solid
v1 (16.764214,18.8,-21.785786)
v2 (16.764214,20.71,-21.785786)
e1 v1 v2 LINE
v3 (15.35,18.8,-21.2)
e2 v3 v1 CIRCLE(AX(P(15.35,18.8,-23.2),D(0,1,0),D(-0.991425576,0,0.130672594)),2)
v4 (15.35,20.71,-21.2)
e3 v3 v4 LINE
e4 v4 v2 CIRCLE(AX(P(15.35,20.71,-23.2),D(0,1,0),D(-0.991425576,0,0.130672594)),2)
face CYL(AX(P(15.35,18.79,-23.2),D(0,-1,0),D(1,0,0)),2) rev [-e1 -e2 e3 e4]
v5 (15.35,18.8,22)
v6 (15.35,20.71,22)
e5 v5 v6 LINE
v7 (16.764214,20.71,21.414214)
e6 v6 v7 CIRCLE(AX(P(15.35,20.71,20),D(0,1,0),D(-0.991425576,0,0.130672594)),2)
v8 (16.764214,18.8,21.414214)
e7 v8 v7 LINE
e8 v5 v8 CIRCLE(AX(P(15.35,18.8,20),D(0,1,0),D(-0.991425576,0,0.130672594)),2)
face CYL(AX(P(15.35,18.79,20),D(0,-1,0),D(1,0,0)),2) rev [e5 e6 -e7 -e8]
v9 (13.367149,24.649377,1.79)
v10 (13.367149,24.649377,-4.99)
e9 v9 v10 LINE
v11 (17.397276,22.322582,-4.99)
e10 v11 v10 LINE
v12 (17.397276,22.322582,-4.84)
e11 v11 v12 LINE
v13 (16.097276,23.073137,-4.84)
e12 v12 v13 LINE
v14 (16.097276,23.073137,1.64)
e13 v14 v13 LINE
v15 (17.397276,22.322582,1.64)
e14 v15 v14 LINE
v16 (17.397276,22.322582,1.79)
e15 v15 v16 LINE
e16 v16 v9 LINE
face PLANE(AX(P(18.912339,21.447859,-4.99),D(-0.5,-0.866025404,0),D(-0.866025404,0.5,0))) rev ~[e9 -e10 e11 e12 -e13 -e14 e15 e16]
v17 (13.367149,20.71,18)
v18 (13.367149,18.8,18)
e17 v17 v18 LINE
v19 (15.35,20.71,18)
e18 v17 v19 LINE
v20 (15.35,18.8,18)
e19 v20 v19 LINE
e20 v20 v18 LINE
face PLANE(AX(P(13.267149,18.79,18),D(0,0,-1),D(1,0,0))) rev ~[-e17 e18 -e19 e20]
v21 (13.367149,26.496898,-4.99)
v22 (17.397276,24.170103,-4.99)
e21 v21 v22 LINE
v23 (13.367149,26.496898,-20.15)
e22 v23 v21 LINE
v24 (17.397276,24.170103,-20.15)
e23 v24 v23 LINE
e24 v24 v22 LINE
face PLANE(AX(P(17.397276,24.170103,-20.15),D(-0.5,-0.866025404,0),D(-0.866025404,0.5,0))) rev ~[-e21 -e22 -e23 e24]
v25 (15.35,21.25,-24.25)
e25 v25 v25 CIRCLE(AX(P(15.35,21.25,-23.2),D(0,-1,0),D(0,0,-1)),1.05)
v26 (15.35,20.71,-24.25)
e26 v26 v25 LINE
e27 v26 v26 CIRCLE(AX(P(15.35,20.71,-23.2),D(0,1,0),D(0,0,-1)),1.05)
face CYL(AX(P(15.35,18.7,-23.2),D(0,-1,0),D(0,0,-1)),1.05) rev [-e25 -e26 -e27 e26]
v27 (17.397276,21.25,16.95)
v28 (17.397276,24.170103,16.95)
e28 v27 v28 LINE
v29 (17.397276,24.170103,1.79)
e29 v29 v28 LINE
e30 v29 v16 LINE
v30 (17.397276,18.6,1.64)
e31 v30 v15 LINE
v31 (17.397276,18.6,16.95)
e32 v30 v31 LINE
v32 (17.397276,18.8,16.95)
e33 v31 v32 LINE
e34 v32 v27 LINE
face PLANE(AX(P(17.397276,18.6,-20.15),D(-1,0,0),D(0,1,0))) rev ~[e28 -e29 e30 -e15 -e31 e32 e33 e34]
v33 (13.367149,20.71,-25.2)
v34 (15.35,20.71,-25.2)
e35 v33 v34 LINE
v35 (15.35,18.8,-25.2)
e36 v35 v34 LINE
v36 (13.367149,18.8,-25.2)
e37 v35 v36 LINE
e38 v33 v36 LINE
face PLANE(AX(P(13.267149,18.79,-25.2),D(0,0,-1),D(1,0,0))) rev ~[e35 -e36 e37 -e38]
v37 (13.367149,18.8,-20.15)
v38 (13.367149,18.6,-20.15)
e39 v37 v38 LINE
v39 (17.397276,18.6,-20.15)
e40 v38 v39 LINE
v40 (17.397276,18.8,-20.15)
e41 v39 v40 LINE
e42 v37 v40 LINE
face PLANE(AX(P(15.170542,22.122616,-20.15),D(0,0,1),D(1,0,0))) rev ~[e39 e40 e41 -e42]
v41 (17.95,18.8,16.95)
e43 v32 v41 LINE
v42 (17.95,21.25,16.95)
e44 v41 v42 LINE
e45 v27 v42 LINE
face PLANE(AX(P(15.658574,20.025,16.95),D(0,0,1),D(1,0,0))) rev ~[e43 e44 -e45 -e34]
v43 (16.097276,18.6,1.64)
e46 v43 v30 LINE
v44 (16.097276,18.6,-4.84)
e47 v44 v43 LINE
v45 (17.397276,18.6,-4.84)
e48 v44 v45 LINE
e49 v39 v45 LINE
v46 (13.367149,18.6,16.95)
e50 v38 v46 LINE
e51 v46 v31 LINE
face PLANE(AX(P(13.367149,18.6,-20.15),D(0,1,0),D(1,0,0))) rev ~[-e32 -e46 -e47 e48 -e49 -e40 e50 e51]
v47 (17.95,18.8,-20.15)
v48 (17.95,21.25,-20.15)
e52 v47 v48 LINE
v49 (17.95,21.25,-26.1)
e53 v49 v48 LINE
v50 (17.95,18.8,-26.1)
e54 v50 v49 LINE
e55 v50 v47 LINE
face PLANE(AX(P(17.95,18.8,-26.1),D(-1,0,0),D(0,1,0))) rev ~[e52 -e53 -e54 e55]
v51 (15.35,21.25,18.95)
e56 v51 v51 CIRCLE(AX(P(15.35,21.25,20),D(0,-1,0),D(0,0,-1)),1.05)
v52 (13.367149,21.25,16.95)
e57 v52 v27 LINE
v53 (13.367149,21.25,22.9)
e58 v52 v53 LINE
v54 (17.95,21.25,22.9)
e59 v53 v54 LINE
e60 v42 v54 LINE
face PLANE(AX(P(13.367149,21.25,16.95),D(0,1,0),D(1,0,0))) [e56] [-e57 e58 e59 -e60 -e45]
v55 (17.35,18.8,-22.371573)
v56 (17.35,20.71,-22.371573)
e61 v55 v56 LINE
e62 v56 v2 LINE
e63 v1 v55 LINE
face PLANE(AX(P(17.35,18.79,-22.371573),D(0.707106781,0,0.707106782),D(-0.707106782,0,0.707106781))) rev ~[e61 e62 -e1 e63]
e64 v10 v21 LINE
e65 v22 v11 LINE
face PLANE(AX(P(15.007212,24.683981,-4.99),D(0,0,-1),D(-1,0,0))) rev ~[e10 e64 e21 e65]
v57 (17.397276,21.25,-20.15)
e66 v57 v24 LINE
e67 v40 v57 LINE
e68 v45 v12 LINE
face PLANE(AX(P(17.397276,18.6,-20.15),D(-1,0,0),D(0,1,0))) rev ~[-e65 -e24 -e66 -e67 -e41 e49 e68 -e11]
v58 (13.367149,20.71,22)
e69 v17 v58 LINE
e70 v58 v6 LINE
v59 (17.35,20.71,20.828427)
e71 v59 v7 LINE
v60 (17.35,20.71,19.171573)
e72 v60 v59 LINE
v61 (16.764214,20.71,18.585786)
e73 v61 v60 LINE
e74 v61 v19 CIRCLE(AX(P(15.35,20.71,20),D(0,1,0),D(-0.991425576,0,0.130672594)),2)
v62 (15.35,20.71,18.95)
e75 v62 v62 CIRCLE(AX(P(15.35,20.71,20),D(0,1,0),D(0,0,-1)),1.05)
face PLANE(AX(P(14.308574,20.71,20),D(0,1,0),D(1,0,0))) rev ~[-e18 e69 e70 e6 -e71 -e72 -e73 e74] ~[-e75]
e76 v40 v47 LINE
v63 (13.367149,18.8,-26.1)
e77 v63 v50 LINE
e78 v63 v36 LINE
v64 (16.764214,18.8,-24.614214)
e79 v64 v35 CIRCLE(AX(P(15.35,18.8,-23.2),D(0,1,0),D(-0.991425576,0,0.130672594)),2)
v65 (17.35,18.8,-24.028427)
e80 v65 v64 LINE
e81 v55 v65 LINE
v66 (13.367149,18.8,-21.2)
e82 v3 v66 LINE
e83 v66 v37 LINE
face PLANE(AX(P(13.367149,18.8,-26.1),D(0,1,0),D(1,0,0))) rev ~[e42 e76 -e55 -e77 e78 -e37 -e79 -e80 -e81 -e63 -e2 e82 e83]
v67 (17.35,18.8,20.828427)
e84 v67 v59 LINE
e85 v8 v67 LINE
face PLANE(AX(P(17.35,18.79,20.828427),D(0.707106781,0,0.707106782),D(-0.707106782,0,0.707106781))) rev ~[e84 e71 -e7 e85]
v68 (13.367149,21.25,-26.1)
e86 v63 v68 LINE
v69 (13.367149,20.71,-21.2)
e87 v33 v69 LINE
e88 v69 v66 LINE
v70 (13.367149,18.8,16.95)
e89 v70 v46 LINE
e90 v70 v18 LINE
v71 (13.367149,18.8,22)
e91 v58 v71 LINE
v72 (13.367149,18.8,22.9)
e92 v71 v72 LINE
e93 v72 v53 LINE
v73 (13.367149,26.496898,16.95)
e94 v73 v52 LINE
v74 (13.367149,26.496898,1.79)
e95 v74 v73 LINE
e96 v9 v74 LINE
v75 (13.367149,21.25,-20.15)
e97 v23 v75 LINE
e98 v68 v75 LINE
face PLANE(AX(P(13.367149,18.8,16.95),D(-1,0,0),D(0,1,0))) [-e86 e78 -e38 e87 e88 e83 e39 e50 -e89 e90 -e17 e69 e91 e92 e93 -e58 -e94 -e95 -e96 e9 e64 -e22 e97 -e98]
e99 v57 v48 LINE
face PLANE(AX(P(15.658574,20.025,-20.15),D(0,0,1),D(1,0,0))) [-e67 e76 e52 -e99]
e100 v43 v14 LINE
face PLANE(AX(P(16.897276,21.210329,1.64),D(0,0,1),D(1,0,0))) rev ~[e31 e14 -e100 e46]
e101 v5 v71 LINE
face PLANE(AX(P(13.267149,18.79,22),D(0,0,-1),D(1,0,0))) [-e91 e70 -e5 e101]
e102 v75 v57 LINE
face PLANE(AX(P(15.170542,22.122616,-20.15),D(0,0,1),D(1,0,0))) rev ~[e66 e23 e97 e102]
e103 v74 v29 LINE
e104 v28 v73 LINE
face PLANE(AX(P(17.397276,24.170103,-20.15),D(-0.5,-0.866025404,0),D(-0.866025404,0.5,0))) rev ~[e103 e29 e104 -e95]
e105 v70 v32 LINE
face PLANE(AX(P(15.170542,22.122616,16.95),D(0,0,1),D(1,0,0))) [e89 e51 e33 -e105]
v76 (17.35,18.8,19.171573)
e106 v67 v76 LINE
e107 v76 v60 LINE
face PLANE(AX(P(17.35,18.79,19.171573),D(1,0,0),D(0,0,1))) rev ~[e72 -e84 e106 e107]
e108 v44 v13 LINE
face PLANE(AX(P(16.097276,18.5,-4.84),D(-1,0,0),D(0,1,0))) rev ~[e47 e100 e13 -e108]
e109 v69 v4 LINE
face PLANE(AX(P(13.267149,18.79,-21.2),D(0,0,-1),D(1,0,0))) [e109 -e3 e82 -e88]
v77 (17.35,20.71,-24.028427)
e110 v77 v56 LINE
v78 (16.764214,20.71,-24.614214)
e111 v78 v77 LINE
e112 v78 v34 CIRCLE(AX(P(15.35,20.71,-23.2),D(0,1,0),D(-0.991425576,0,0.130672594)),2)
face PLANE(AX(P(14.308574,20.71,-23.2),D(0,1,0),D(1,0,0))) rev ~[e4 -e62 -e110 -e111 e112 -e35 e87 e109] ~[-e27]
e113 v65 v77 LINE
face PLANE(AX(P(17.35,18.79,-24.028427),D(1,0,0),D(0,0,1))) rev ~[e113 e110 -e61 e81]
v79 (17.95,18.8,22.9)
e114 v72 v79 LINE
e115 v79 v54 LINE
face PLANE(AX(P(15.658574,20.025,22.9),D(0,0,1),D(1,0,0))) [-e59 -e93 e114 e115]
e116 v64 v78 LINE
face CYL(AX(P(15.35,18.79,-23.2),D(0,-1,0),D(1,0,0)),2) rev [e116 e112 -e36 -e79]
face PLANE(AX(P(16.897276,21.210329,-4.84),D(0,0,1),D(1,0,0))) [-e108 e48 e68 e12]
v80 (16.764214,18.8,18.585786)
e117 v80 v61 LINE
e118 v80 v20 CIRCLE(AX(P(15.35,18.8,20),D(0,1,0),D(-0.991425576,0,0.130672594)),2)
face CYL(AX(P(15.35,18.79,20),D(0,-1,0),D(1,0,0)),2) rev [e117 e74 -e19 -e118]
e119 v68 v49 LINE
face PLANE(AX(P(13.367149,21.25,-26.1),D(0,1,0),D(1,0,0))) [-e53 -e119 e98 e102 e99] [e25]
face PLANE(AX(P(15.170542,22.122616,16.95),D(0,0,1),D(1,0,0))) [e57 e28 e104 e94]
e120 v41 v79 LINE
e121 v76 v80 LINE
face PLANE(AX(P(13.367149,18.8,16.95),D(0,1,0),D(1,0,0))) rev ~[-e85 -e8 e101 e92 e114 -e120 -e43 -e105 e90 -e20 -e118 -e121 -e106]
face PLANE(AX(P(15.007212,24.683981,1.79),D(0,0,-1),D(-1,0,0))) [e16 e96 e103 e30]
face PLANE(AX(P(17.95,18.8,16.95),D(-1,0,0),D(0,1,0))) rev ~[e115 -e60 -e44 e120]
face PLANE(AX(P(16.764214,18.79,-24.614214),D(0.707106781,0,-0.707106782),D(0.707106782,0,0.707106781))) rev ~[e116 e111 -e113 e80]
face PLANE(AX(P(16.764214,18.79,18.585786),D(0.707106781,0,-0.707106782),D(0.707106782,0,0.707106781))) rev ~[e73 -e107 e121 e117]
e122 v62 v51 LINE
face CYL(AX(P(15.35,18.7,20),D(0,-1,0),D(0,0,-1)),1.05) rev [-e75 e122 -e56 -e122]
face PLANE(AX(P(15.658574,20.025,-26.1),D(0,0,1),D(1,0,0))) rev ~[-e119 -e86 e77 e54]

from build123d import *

# Parameters (mm, degrees)
CLAMP_START                      = -20.15
CLAMP_X_COVER_DEPTH              = 37.1
WIRE_START                       = -4.99
WIRE_CHANNEL_X_COVER_Z_5_0_DEPTH = 6.78
WIRE_START_2                     = -4.84
SKETCH3_W                        = 1.6
SKETCH3_H                        = 5.420657937
WIRE_NOTCH_X_COVER_Z_5_0_DEPTH   = 6.48
EAR_START                        = -26.1
SKETCH4_W                        = 4.582851153
SKETCH4_H                        = 2.45
EAR_X_COVER_26_DEPTH             = 5.95
EAR_START_2                      = 16.95
SKETCH5_W                        = 4.582851153
SKETCH5_H                        = 2.45
EAR_X_COVER_17_DEPTH             = 5.95
CUT_EXTRUDE3_START               = 18.7
SKETCH6_R                        = 1.05
CUT_EXTRUDE3_DEPTH               = 2.65
CUT_EXTRUDE4_START               = 18.79
SKETCH7_R                        = 2
CUT_EXTRUDE4_DEPTH               = 1.92
CUT_EXTRUDE5_START               = 18.79
SKETCH8_W                        = 2.082851153
SKETCH8_H                        = 4
CUT_EXTRUDE5_DEPTH               = 1.92
CUT_EXTRUDE6_START               = 18.79
CUT_EXTRUDE6_DEPTH               = 1.92
CUT_EXTRUDE7_START               = 18.79
CUT_EXTRUDE7_DEPTH               = 1.92


with BuildPart() as part:
    # Sketch1 → Clamp +X cover (new body)
    with BuildSketch(Plane.XY.offset(CLAMP_START)):
        Polygon((13.367148847, 18.6), (17.397275866, 18.6), (17.397275866, 24.170102587), (13.367148847, 26.496897507), align=None)
    extrude(amount=CLAMP_X_COVER_DEPTH)

    # Sketch2 → Wire channel +X cover Z -5.0 (cut)
    with BuildSketch(Plane.XY.offset(WIRE_START)):
        Polygon((11.102085338, 27.920102587), (19.762339376, 22.920102587), (18.912339376, 21.447859401), (10.252085338, 26.447859401), align=None)
    extrude(amount=WIRE_CHANNEL_X_COVER_Z_5_0_DEPTH, mode=Mode.SUBTRACT)

    # Sketch3 → Wire notch +X cover Z -5.0 (cut)
    with BuildSketch(Plane.XY.offset(WIRE_START_2)):
        with Locations((16.897275866, 21.210328969)):
            Rectangle(SKETCH3_W, SKETCH3_H)
    extrude(amount=WIRE_NOTCH_X_COVER_Z_5_0_DEPTH, mode=Mode.SUBTRACT)

    # Sketch4 → Ear +X cover -26 (add)
    with BuildSketch(Plane.XY.offset(EAR_START)):
        with Locations((15.658574424, 20.025)):
            Rectangle(SKETCH4_W, SKETCH4_H)
    extrude(amount=EAR_X_COVER_26_DEPTH)

    # Sketch5 → Ear +X cover 17 (add)
    with BuildSketch(Plane.XY.offset(EAR_START_2)):
        with Locations((15.658574424, 20.025)):
            Rectangle(SKETCH5_W, SKETCH5_H)
    extrude(amount=EAR_X_COVER_17_DEPTH)

    # Sketch6 → Cut-Extrude3 (cut)
    with BuildSketch(Plane(origin=(0, 0, 0), x_dir=(1, 0, 0), z_dir=(0, 1, 0)).offset(CUT_EXTRUDE3_START)):
        with Locations(Location((15.35, 23.2, 0), (0, 0, 90))):
            Circle(SKETCH6_R)
        with Locations(Location((15.35, -20, 0), (0, 0, 90))):
            Circle(SKETCH6_R)
    extrude(amount=CUT_EXTRUDE3_DEPTH, mode=Mode.SUBTRACT)

    # Sketch7 → Cut-Extrude4 (cut)
    with BuildSketch(Plane(origin=(0, 0, 0), x_dir=(1, 0, 0), z_dir=(0, 1, 0)).offset(CUT_EXTRUDE4_START)):
        with Locations((15.35, 23.2)):
            Circle(SKETCH7_R)
        with Locations((15.35, -20)):
            Circle(SKETCH7_R)
    extrude(amount=CUT_EXTRUDE4_DEPTH, mode=Mode.SUBTRACT)

    # Sketch8 → Cut-Extrude5 (cut)
    with BuildSketch(Plane(origin=(0, 0, 0), x_dir=(1, 0, 0), z_dir=(0, 1, 0)).offset(CUT_EXTRUDE5_START)):
        with Locations((14.308574424, 23.2)):
            Rectangle(SKETCH8_W, SKETCH8_H)
        with Locations((14.308574424, -20)):
            Rectangle(SKETCH8_W, SKETCH8_H)
    extrude(amount=CUT_EXTRUDE5_DEPTH, mode=Mode.SUBTRACT)

    # Sketch9 → Cut-Extrude6 (cut)
    with BuildSketch(Plane(origin=(0, 0, 0), x_dir=(1, 0, 0), z_dir=(0, 1, 0)).offset(CUT_EXTRUDE6_START)):
        Polygon((15.35, 25.2), (16.764213562, 24.614213562), (17.35, 24.028427125), (17.35, 22.371572875), (16.764213562, 21.785786438), (15.35, 21.2), align=None)
    extrude(amount=CUT_EXTRUDE6_DEPTH, mode=Mode.SUBTRACT)

    # Sketch10 → Cut-Extrude7 (cut)
    with BuildSketch(Plane(origin=(0, 0, 0), x_dir=(1, 0, 0), z_dir=(0, 1, 0)).offset(CUT_EXTRUDE7_START)):
        Polygon((15.35, -18), (16.764213562, -18.585786438), (17.35, -19.171572875), (17.35, -20.828427125), (16.764213562, -21.414213562), (15.35, -22), align=None)
    extrude(amount=CUT_EXTRUDE7_DEPTH, mode=Mode.SUBTRACT)


solid = part.part
